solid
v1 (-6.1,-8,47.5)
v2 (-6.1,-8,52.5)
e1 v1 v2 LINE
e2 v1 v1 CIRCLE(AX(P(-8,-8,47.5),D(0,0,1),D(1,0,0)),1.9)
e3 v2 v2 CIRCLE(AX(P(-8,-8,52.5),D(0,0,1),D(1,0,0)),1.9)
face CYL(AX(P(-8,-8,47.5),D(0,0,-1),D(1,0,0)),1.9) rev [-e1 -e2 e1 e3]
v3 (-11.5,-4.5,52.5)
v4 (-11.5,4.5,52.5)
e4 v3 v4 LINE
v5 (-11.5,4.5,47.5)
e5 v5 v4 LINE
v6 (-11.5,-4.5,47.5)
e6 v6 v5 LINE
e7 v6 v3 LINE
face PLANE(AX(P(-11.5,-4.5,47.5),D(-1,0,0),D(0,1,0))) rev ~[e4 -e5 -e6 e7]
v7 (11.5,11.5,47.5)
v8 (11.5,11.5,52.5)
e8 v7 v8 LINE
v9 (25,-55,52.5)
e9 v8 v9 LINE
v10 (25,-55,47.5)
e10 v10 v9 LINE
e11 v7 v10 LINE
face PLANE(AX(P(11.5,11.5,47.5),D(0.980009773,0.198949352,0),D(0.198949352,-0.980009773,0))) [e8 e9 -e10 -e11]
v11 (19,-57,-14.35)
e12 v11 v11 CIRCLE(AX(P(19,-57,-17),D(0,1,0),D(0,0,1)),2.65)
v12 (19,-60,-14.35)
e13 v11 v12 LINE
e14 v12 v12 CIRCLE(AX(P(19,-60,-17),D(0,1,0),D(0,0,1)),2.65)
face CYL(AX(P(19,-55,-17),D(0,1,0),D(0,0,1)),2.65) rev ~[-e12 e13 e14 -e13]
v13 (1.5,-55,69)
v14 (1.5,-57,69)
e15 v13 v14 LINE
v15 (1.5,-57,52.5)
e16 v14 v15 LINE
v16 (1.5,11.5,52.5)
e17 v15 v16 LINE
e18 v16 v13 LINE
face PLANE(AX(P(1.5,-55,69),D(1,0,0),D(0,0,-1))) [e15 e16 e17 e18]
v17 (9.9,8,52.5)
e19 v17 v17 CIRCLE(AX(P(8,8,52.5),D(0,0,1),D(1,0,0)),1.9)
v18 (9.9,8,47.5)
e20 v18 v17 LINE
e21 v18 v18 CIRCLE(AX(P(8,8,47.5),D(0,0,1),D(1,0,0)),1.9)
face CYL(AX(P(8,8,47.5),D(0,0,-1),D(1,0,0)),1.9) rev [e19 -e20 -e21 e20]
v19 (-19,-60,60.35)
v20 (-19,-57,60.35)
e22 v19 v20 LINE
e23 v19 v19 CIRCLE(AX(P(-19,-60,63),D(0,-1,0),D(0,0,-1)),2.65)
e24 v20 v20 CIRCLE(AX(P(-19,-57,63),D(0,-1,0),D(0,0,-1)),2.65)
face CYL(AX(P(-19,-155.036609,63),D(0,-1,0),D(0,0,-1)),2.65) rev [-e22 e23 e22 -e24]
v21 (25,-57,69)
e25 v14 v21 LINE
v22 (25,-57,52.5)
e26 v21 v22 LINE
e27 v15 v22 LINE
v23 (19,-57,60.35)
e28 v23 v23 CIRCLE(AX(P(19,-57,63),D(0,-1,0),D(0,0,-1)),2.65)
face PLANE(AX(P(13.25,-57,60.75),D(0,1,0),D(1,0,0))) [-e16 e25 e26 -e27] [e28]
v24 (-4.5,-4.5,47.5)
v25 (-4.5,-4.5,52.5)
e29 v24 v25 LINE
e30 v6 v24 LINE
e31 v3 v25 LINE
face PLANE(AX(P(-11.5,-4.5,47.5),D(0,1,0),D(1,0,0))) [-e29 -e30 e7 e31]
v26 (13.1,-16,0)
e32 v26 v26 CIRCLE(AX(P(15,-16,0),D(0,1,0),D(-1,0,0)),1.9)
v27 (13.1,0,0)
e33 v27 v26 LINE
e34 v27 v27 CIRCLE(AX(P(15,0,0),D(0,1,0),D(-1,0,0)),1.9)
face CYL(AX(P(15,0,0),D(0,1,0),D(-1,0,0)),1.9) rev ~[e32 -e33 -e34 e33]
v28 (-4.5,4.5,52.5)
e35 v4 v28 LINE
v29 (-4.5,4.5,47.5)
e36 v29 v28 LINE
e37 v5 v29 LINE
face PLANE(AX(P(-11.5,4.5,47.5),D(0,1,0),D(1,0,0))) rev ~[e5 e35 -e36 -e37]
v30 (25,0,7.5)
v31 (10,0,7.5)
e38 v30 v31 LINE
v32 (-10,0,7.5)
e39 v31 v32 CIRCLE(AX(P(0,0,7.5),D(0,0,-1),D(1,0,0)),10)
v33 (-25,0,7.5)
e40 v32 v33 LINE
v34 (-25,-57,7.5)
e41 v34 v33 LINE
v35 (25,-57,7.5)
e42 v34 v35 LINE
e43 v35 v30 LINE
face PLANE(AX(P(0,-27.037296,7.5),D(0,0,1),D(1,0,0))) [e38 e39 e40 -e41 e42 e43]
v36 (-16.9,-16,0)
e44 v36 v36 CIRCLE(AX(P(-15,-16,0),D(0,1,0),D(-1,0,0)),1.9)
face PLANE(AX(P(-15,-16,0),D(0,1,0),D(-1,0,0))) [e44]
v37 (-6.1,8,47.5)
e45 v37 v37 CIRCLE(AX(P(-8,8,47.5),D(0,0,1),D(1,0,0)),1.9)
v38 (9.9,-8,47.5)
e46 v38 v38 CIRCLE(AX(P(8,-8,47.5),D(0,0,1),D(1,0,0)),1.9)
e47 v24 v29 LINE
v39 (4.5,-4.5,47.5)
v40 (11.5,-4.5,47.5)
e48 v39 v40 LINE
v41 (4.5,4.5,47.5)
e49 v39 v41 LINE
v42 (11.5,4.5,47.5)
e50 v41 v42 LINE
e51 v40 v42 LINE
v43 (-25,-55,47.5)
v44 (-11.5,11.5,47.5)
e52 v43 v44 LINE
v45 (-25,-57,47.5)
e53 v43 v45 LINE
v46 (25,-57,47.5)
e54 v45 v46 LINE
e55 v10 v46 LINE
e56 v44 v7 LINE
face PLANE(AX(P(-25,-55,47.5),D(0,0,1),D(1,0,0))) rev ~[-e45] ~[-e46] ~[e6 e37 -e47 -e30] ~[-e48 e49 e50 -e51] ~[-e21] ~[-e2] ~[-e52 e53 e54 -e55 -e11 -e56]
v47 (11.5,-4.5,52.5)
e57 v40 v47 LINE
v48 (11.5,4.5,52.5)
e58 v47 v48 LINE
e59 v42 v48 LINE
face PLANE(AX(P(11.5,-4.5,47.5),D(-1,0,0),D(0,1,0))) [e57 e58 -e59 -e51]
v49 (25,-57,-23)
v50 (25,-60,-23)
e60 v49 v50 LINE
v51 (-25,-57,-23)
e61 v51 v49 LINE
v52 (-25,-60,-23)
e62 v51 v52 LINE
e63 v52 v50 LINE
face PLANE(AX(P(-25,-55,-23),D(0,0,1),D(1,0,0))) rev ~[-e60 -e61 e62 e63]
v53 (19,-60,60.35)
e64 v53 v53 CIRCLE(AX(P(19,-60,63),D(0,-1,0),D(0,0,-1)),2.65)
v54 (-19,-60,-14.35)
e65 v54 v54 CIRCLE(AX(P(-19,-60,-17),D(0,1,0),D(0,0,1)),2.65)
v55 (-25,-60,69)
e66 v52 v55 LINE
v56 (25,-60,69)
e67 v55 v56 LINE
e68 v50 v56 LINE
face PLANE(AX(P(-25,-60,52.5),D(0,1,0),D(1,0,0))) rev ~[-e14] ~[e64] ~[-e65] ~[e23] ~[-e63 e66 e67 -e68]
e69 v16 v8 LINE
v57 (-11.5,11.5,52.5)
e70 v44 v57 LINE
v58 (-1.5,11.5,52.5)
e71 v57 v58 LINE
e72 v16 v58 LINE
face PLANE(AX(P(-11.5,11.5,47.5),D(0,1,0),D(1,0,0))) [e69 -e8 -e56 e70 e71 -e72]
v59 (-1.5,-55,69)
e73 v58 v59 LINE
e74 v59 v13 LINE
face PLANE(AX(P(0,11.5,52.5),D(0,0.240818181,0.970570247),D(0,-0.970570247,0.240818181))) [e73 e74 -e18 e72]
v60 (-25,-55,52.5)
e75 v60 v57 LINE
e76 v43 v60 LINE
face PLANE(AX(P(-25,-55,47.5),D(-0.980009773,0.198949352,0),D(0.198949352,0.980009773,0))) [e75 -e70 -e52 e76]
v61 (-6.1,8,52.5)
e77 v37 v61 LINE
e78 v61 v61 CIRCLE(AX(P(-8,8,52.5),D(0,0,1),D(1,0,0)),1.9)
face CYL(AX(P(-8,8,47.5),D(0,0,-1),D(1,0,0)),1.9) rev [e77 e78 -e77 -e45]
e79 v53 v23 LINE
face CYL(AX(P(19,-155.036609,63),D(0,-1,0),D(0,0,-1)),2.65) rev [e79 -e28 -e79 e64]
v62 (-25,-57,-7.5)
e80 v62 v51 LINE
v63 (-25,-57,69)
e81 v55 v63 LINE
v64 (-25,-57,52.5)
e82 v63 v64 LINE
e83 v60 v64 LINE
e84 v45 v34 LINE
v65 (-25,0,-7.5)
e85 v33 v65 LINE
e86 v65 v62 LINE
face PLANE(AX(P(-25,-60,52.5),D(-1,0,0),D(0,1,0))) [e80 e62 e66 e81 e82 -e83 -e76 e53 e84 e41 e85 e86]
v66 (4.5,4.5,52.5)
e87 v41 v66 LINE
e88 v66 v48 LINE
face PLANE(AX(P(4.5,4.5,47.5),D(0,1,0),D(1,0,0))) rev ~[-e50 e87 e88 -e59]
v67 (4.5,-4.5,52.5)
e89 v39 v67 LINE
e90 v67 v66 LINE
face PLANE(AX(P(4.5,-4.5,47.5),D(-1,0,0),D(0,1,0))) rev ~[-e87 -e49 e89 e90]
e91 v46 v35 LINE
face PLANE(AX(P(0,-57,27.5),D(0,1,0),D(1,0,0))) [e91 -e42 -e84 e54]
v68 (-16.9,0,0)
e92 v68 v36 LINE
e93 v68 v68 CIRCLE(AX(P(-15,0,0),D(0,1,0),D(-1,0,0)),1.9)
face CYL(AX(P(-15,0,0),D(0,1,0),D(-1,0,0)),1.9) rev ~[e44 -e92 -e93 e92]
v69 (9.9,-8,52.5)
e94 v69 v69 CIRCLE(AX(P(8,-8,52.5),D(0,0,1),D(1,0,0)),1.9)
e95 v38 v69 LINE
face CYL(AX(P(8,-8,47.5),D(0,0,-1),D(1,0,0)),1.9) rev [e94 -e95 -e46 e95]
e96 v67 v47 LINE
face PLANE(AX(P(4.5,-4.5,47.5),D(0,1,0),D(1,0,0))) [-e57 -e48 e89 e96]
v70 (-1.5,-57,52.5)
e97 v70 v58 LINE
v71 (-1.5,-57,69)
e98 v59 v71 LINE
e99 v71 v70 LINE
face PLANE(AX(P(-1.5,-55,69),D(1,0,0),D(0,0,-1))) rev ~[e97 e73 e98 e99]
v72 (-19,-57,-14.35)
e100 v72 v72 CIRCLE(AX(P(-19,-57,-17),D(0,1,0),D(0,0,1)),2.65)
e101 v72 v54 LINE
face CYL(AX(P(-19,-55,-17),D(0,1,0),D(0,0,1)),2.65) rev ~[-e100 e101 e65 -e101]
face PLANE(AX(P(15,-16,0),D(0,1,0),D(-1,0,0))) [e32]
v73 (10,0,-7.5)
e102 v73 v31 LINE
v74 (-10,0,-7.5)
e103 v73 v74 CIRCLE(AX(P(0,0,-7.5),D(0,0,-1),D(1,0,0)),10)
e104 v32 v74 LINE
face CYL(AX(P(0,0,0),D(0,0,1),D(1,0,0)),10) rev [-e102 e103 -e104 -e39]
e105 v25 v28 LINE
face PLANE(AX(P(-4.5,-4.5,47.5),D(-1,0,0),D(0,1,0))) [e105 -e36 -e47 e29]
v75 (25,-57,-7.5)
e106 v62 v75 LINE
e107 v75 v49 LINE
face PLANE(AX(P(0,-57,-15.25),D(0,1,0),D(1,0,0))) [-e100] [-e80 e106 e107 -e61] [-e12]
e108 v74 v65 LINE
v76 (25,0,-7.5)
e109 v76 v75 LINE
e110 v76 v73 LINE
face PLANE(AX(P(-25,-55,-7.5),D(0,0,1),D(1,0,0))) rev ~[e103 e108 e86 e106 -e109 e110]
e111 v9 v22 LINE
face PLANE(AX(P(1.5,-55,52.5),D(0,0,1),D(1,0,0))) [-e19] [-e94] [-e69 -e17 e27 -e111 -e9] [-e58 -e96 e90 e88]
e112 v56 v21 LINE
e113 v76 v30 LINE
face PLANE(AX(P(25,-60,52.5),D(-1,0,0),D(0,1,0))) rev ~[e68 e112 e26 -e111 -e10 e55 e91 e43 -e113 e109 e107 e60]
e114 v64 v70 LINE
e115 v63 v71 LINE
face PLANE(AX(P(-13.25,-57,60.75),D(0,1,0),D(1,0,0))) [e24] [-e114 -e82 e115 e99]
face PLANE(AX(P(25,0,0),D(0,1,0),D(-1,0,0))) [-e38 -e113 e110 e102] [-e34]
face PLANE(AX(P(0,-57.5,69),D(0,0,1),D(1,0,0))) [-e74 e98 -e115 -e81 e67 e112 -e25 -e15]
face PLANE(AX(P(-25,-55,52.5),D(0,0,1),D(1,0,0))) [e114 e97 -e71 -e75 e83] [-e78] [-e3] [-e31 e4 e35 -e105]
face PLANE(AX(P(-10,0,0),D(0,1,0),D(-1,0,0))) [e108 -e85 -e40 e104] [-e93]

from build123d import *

# Parameters (mm, degrees)
MOTOR_MOUNT_SOLID_DEPTH              = 7.5
ENCODER_DISTANCE_SKETCH_W            = 50
ENCODER_DISTANCE_SKETCH_H            = 55
ENCODER_DISTANCE_SOLID_DEPTH         = 5
ENCODER_MOUNT_SKETCH_R               = 1.9
ENCODER_MOUNT_SKETCH_W               = 7
ENCODER_MOUNT_SKETCH_H               = 9
ENCODER_MOUNT_SOLID_DEPTH            = 5
MOTOR_CLAMP_MOUNTING_HOLES_SKETCH_R  = 1.9
MOTOR_CLAMP_MOUNTING_HOLES_CUT_DEPTH = 16
GUSSET_PLATE_SKETCH_W                = 50
GUSSET_PLATE_SKETCH_H                = 5
GUSSET_PLATE_SOLID_DEPTH             = 16.5
GUSSET_SOLID_DEPTH                   = 1.5
MOUNTING_PLATE_SKETCH_W              = 50
MOUNTING_PLATE_SKETCH_H              = 92
MOUNTING_PLATE_SKETCH_R              = 2.65
MOUNTING_PLATE_SOLID_DEPTH           = 5
MOUNTING_HOLES_CUT_DEPTH             = 100.036609393
MOUNTING_HOLES_CUT_DEPTH_BACK        = 100.036609393
MOUNTING_HOLE_SKETCH_R               = 2.65
MOUNTING_PLATE_TRIM_SKETCH_W         = 50
MOUNTING_PLATE_TRIM_SKETCH_H         = 15.5
MOUNTING_PLATE_TRIM_SKETCH_H_2       = 40
MOUNTING_PLATE_TRIM_SKETCH_W_2       = 23.5
MOUNTING_PLATE_TRIM_SKETCH_H_3       = 16.5
MOUNTING_PLATE_TRIM_CUT_DEPTH        = 2


with BuildPart() as part:
    # Mouting Mount Sketch → Motor Mount Solid (new, symmetric)
    with BuildSketch(Plane.XY):
        with BuildLine():
            Line((-25, -55), (25, -55))
            Line((25, -55), (25, 0))
            Line((25, 0), (10, 0))
            ThreePointArc((10, 0), (0, -10), (-10, 0))
            Line((-10, 0), (-25, 0))
            Line((-25, 0), (-25, -55))
        make_face()
    extrude(amount=MOTOR_MOUNT_SOLID_DEPTH, both=True)

    # Encoder Distance Sketch → Encoder Distance Solid (add)
    with BuildSketch(Plane.XZ.offset(55)):
        with Locations((0, 20)):
            Rectangle(ENCODER_DISTANCE_SKETCH_W, ENCODER_DISTANCE_SKETCH_H)
    extrude(amount=ENCODER_DISTANCE_SOLID_DEPTH)

    # Encoder Mount Sketch → Encoder Mount Solid (add)
    with BuildSketch(Plane.XY.offset(47.5)):
        Polygon((-25, -60), (-25, -55), (-11.5, 11.5), (11.5, 11.5), (25, -55), (25, -60), align=None)
        with Locations((-8, 8)):
            Circle(ENCODER_MOUNT_SKETCH_R, mode=Mode.SUBTRACT)
        with Locations((8, 8)):
            Circle(ENCODER_MOUNT_SKETCH_R, mode=Mode.SUBTRACT)
        with Locations((-8, -8)):
            Circle(ENCODER_MOUNT_SKETCH_R, mode=Mode.SUBTRACT)
        with Locations((8, -8)):
            Circle(ENCODER_MOUNT_SKETCH_R, mode=Mode.SUBTRACT)
        with Locations((-8, 0)):
            Rectangle(ENCODER_MOUNT_SKETCH_W, ENCODER_MOUNT_SKETCH_H, mode=Mode.SUBTRACT)
        with Locations((8, 0)):
            Rectangle(ENCODER_MOUNT_SKETCH_W, ENCODER_MOUNT_SKETCH_H, mode=Mode.SUBTRACT)
    extrude(amount=ENCODER_MOUNT_SOLID_DEPTH)

    # Motor Clamp Mounting Holes Sketch → Motor Clamp Mounting Holes Cut (cut)
    with BuildSketch(Plane(origin=(0, 0, 0), x_dir=(1, 0, 0), z_dir=(0, 1, 0))):
        with Locations(Location((-15, 0, 0), (0, 0, 180))):
            Circle(MOTOR_CLAMP_MOUNTING_HOLES_SKETCH_R)
        with Locations(Location((15, 0, 0), (0, 0, 180))):
            Circle(MOTOR_CLAMP_MOUNTING_HOLES_SKETCH_R)
    extrude(amount=-MOTOR_CLAMP_MOUNTING_HOLES_CUT_DEPTH, mode=Mode.SUBTRACT)

    # Gusset Plate Sketch → Gusset Plate Solid (add)
    with BuildSketch(Plane.XY.offset(52.5)):
        with Locations((0, -57.5)):
            Rectangle(GUSSET_PLATE_SKETCH_W, GUSSET_PLATE_SKETCH_H)
    extrude(amount=GUSSET_PLATE_SOLID_DEPTH)

    # Gusset Sketch → Gusset Solid (add, symmetric)
    with BuildSketch(Plane(origin=(0, 0, 0), x_dir=(0, 0, -1), z_dir=(1, 0, 0))):
        Polygon((-52.5, 11.5), (-69, -55), (-52.5, -55), align=None)
    extrude(amount=GUSSET_SOLID_DEPTH, both=True)

    # Mounting Plate Sketch → Mounting Plate Solid (add)
    with BuildSketch(Plane(origin=(0, -55, 0), x_dir=(1, 0, 0), z_dir=(0, 1, 0))):
        with Locations((0, -23)):
            Rectangle(MOUNTING_PLATE_SKETCH_W, MOUNTING_PLATE_SKETCH_H)
        with Locations((-19, -63)):
            Circle(MOUNTING_PLATE_SKETCH_R, mode=Mode.SUBTRACT)
        with Locations((19, -63)):
            Circle(MOUNTING_PLATE_SKETCH_R, mode=Mode.SUBTRACT)
        with Locations(Location((-19, 17, 0), (0, 0, 270))):
            Circle(MOUNTING_PLATE_SKETCH_R, mode=Mode.SUBTRACT)
        with Locations(Location((19, 17, 0), (0, 0, 270))):
            Circle(MOUNTING_PLATE_SKETCH_R, mode=Mode.SUBTRACT)
    extrude(amount=-MOUNTING_PLATE_SOLID_DEPTH)

    # Mounting Hole Sketch → Mounting Holes Cut (cut, two sides: drawn at the far end of the back side and taken through both)
    with BuildSketch(Plane(origin=(0, -55, 0), x_dir=(1, 0, 0), z_dir=(0, 1, 0)).offset(-MOUNTING_HOLES_CUT_DEPTH_BACK)):
        with Locations(Location((-19, 17, 0), (0, 0, 270))):
            Circle(MOUNTING_HOLE_SKETCH_R)
        with Locations(Location((19, 17, 0), (0, 0, 270))):
            Circle(MOUNTING_HOLE_SKETCH_R)
        with Locations(Location((19, -63, 0), (0, 0, 90))):
            Circle(MOUNTING_HOLE_SKETCH_R)
        with Locations(Location((-19, -63, 0), (0, 0, 90))):
            Circle(MOUNTING_HOLE_SKETCH_R)
    extrude(amount=MOUNTING_HOLES_CUT_DEPTH + MOUNTING_HOLES_CUT_DEPTH_BACK, mode=Mode.SUBTRACT)

    # Mounting Plate Trim Sketch → Mounting Plate Trim Cut (cut)
    with BuildSketch(Plane(origin=(0, -55, 0), x_dir=(1, 0, 0), z_dir=(0, 1, 0))):
        with Locations((0, 15.25)):
            Rectangle(MOUNTING_PLATE_TRIM_SKETCH_W, MOUNTING_PLATE_TRIM_SKETCH_H)
        with Locations((0, -27.5)):
            Rectangle(MOUNTING_PLATE_TRIM_SKETCH_W, MOUNTING_PLATE_TRIM_SKETCH_H_2)
        with Locations((13.25, -60.75)):
            Rectangle(MOUNTING_PLATE_TRIM_SKETCH_W_2, MOUNTING_PLATE_TRIM_SKETCH_H_3)
        with Locations((-13.25, -60.75)):
            Rectangle(MOUNTING_PLATE_TRIM_SKETCH_W_2, MOUNTING_PLATE_TRIM_SKETCH_H_3)
    extrude(amount=-MOUNTING_PLATE_TRIM_CUT_DEPTH, mode=Mode.SUBTRACT)


solid = part.part
